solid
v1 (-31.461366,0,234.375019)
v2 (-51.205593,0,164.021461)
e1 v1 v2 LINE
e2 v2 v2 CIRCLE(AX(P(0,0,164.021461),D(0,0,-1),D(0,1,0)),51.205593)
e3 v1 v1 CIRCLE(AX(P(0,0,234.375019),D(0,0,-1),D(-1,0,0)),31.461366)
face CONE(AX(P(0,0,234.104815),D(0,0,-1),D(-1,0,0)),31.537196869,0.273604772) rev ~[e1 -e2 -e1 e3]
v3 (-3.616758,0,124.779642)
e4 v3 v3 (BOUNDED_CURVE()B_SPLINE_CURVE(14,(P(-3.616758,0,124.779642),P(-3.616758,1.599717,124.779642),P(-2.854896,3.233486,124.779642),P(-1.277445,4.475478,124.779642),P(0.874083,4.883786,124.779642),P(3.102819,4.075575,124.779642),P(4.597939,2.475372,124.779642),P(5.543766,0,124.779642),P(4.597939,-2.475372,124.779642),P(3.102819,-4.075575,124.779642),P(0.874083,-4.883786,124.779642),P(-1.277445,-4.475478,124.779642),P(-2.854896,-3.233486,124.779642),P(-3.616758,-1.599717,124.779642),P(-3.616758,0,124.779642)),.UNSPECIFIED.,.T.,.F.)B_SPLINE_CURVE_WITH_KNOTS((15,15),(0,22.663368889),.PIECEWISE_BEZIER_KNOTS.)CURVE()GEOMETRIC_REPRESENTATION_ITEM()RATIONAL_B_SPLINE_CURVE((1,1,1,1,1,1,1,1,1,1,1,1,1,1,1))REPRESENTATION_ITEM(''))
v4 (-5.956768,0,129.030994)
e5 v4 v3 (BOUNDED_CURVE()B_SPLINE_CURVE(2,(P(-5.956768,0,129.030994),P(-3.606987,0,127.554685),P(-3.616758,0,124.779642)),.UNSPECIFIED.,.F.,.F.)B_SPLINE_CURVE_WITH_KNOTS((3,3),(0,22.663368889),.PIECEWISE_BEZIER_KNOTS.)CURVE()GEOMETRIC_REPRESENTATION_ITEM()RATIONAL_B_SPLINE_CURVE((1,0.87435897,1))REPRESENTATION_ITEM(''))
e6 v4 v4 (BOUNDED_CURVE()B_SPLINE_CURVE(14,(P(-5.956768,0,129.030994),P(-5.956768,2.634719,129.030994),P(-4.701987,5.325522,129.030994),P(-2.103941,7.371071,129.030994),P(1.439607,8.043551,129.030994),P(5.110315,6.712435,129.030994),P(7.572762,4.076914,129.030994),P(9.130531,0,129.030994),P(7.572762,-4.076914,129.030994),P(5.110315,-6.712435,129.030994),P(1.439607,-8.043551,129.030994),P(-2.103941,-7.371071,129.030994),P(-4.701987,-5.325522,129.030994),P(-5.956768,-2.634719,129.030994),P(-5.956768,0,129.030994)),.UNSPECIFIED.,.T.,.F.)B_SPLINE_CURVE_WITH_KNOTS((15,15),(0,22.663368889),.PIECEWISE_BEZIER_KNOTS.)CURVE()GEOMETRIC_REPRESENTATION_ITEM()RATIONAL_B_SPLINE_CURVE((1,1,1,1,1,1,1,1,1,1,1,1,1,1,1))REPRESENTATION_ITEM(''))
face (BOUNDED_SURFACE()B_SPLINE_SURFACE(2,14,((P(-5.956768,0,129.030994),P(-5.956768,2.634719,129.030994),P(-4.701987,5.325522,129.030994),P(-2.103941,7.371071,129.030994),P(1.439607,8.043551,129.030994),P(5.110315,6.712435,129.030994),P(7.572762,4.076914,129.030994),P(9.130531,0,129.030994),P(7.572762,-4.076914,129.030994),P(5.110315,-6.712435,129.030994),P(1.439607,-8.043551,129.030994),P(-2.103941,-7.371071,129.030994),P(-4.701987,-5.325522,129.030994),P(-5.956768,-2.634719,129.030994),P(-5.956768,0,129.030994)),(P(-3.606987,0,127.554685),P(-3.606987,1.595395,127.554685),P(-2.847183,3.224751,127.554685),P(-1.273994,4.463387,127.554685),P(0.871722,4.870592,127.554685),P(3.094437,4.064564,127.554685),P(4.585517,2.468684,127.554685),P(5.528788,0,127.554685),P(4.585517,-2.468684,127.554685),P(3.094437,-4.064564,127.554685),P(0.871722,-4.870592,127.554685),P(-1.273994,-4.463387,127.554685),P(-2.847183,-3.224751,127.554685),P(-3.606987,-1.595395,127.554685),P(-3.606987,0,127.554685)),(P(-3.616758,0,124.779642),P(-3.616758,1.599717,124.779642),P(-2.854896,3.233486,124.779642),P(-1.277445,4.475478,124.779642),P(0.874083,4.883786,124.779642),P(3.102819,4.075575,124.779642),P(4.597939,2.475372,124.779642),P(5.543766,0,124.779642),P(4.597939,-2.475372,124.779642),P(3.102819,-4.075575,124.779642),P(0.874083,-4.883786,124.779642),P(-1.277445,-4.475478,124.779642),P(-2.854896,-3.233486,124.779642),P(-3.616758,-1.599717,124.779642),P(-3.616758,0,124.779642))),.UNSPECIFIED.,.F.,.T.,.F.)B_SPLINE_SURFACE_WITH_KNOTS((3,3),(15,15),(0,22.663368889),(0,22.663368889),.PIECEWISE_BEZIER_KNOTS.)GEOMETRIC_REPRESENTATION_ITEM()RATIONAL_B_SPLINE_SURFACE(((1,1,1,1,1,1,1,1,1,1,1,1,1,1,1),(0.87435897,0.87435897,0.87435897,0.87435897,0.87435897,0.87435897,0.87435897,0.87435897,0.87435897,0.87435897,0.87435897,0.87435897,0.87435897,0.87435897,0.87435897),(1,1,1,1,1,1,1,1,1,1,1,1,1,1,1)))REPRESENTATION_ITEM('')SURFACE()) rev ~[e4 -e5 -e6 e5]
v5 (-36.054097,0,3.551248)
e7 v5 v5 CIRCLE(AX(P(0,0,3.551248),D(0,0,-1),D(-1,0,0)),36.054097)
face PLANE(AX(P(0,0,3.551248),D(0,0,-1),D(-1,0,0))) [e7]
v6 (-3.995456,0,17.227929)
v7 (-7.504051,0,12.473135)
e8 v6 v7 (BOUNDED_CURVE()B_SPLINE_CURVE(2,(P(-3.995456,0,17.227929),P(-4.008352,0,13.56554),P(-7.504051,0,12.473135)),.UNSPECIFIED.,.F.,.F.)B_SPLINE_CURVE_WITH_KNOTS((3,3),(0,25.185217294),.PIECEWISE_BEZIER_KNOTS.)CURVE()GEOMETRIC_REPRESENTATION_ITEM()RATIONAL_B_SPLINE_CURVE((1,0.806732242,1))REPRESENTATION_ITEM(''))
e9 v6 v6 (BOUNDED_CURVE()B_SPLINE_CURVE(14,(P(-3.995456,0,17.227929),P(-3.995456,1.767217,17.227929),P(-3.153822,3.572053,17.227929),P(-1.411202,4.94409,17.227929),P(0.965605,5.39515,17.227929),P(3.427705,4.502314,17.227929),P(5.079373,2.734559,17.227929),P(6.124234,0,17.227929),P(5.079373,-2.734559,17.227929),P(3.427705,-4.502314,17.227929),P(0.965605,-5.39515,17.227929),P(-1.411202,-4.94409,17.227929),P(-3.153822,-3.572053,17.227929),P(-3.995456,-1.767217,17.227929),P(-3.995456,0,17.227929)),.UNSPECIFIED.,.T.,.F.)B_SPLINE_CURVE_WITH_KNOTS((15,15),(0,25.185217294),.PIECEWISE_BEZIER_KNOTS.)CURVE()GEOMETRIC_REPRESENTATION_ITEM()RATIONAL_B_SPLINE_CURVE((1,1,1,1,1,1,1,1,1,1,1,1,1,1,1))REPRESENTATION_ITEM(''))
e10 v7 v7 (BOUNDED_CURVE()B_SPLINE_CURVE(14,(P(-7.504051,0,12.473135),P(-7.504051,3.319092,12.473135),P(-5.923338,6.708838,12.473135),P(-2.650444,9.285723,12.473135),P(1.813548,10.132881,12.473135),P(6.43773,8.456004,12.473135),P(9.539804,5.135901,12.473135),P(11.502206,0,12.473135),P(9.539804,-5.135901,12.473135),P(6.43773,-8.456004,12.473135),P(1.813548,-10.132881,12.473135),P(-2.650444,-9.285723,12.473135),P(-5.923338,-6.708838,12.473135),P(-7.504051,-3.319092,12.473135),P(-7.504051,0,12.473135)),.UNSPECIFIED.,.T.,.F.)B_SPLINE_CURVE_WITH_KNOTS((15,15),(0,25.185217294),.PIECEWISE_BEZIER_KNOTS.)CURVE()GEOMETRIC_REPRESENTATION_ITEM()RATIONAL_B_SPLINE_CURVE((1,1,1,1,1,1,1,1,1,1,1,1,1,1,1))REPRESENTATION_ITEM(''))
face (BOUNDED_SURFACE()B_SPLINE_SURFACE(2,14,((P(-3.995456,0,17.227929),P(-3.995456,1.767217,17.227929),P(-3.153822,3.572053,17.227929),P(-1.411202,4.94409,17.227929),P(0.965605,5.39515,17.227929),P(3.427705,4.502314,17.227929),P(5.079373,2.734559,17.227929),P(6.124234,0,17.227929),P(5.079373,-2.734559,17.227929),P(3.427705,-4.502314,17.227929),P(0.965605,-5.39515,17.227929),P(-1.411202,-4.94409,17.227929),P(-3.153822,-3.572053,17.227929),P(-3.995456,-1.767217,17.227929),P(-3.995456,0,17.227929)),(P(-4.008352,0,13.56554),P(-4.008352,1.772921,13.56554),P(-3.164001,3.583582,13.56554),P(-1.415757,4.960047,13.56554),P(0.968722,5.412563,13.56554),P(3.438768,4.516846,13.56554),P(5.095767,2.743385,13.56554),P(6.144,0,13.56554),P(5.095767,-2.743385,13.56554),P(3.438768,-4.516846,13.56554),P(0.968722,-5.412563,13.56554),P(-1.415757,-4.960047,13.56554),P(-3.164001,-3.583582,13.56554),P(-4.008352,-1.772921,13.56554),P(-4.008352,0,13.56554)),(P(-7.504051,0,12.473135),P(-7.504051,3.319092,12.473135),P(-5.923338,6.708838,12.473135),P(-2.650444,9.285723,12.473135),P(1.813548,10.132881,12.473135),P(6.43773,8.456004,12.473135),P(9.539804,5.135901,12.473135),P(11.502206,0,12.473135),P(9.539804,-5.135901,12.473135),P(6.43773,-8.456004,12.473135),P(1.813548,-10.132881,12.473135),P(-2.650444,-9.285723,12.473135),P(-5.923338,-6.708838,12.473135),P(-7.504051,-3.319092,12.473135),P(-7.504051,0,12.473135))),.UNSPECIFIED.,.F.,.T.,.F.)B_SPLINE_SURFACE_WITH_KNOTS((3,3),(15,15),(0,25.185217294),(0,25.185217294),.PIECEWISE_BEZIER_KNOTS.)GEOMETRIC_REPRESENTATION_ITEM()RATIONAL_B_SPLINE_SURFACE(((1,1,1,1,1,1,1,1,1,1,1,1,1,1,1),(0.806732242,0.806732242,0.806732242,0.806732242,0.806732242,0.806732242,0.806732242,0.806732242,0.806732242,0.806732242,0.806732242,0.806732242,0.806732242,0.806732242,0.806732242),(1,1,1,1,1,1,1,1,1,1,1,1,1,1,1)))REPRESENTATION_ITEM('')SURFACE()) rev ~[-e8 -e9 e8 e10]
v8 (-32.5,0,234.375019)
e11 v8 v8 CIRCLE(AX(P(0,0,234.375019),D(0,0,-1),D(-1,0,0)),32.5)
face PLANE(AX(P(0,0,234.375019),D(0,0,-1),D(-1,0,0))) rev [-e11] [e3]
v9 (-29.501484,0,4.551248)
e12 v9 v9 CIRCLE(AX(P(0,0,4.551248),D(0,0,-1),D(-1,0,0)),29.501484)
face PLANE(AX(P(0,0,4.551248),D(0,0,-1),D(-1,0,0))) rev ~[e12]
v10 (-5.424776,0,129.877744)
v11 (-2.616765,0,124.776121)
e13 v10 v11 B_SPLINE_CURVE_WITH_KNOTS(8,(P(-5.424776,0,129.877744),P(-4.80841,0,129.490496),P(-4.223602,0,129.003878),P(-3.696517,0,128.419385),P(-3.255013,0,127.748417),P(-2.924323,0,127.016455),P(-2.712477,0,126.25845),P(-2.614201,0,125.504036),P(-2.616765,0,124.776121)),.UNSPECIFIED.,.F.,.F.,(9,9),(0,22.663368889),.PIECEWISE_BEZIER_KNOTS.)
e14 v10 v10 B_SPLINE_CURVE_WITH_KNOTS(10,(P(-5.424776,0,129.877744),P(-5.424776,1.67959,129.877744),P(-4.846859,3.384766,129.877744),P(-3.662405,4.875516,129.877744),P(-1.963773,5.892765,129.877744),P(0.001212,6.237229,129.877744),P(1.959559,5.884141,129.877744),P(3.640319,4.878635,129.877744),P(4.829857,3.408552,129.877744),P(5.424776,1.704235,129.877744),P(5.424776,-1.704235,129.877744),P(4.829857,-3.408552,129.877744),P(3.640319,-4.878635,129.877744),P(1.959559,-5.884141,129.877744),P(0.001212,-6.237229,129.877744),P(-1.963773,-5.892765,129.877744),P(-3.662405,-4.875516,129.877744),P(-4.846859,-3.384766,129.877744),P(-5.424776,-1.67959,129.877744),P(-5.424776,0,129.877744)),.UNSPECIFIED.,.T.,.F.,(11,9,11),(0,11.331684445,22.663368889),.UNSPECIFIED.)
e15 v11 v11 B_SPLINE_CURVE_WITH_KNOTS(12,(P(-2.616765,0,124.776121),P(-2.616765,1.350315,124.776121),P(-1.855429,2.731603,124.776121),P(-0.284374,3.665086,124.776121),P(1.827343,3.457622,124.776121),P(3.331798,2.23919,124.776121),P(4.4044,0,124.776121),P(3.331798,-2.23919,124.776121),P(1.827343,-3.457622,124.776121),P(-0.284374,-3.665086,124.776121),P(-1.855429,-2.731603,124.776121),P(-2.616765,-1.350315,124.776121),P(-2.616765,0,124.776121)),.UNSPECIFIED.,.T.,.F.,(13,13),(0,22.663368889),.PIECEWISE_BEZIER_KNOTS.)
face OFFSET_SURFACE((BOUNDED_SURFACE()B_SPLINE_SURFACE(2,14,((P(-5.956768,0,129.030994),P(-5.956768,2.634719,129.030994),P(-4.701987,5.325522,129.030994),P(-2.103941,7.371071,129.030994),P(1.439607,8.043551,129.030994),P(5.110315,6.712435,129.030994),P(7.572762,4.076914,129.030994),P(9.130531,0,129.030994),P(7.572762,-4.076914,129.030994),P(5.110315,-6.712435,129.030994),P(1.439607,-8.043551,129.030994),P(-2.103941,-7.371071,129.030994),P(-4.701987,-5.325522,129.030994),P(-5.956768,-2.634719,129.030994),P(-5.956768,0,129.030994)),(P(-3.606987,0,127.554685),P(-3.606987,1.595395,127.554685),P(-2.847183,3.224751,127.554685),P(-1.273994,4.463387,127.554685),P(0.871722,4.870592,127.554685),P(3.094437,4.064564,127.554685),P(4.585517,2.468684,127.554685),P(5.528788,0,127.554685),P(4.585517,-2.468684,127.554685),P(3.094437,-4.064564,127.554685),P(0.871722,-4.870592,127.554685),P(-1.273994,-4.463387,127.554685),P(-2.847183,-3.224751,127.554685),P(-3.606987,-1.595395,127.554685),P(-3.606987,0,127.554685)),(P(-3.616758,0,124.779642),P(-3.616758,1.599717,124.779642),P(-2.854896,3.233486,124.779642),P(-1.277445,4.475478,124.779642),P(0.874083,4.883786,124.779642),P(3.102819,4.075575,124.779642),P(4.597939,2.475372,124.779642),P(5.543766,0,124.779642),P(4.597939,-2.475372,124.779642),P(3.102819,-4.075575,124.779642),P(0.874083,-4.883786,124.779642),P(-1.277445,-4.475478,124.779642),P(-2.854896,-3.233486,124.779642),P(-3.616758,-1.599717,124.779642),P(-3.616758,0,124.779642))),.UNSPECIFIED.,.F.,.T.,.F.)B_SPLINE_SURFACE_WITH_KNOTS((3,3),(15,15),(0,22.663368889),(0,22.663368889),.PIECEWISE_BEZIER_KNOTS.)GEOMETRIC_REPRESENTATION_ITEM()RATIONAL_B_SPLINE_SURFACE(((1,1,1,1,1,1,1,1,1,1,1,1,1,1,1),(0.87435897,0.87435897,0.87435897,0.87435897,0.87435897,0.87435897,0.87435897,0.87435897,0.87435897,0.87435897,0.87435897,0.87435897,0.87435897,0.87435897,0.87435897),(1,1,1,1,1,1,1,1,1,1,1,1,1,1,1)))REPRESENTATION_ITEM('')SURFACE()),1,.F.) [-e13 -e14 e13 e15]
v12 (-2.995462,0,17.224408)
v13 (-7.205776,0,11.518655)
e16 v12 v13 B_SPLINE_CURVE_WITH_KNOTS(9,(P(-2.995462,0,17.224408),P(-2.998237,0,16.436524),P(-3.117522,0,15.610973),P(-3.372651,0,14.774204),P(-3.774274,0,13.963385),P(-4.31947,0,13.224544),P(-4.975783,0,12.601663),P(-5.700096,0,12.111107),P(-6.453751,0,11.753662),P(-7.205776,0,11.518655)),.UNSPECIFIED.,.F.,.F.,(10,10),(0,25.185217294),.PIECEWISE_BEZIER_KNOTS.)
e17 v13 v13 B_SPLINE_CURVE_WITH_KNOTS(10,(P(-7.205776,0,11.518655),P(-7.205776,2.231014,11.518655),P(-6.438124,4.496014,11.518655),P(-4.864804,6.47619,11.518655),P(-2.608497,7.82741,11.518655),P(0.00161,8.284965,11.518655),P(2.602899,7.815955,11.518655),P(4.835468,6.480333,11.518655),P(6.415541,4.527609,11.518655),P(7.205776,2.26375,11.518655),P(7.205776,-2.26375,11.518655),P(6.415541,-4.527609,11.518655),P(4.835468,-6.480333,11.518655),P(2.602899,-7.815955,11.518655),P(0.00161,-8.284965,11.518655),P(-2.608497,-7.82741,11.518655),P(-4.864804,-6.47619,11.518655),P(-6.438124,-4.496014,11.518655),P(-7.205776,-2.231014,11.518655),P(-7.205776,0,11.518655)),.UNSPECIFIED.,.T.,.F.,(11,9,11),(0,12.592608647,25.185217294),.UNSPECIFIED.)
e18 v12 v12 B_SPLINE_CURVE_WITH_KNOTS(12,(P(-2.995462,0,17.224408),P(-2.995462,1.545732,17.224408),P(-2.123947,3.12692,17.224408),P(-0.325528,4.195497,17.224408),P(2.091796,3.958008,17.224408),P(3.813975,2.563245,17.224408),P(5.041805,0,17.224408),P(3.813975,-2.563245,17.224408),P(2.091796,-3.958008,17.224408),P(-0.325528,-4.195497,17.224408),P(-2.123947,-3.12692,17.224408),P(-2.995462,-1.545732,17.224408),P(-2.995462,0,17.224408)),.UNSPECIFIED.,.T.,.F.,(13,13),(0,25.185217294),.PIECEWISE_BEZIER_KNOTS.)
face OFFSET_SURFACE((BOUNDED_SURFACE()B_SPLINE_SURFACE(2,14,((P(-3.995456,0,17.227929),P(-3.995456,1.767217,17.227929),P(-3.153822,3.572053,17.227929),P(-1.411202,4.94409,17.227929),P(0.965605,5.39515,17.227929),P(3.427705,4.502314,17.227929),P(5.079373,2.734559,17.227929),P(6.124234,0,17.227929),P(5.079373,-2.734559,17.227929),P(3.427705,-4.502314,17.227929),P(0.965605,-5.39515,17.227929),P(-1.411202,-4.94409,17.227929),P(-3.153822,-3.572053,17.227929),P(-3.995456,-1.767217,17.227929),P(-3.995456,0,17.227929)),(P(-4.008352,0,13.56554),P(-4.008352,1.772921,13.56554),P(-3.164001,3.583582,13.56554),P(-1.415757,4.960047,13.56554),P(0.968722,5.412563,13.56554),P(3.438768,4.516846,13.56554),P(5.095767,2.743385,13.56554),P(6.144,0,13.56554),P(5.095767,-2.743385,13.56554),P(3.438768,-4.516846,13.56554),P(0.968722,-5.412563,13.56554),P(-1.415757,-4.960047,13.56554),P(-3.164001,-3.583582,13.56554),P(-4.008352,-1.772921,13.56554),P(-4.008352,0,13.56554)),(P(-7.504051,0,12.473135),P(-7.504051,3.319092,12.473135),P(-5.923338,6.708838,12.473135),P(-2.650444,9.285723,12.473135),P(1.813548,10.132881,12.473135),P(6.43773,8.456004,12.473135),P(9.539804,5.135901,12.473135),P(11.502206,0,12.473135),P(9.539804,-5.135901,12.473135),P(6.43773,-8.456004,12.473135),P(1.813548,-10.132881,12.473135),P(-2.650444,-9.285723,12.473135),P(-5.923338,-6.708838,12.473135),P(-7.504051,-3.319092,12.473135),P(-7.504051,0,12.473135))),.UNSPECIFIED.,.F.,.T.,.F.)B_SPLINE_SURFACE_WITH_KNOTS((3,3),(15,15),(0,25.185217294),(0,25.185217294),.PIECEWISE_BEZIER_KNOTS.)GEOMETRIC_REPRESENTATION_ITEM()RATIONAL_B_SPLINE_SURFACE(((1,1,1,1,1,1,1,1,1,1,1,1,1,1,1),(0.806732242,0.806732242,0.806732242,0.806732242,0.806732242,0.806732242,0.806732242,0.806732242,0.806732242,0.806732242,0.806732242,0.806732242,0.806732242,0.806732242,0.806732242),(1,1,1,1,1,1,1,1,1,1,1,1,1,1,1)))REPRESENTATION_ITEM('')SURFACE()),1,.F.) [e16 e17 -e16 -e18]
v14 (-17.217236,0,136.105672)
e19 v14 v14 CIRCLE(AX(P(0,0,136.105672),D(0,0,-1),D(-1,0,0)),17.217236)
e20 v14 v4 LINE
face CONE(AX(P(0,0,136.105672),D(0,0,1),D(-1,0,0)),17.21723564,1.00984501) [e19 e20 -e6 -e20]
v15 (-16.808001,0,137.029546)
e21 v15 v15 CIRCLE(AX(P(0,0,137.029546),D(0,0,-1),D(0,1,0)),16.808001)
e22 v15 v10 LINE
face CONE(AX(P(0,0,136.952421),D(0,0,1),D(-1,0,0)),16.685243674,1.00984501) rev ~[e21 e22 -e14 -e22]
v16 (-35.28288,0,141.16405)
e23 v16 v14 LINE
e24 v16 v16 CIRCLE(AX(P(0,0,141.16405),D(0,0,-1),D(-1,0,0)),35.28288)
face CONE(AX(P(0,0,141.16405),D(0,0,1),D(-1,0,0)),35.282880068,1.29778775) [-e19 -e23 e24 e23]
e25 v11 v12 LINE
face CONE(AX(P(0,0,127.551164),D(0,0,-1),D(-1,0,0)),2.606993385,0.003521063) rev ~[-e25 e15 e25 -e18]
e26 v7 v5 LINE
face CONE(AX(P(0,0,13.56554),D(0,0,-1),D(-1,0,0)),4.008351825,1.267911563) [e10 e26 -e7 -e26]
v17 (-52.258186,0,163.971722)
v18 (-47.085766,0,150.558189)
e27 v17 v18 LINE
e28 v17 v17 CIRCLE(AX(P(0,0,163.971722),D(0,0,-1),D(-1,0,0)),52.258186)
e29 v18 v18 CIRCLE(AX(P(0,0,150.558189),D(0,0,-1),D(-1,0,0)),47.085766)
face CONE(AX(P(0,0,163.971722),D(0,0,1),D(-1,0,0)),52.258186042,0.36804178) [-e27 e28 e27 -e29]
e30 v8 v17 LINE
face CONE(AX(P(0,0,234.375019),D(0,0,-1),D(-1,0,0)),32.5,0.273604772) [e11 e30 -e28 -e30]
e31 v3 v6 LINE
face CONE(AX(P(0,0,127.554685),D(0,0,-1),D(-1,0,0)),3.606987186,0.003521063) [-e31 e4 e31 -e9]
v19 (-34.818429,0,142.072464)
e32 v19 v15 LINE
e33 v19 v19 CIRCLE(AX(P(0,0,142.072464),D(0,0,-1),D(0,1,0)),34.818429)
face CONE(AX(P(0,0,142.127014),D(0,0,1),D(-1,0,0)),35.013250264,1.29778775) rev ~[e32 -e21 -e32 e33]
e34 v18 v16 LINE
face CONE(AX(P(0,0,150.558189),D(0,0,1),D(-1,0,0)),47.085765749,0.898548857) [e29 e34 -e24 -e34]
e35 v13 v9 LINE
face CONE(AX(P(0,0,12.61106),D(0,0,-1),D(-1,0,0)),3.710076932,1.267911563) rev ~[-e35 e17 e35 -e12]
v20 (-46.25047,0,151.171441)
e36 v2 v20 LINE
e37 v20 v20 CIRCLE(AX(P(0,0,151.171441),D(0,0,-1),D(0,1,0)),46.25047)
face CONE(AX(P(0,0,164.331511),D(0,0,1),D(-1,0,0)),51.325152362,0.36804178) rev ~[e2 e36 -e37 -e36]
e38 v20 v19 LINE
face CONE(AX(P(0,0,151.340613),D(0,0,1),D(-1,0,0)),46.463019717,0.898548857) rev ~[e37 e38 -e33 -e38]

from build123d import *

# Parameters (mm, degrees)
F2_R = 5
F3_T = -1


with BuildPart() as f1:
    # F0 (on Front) → F1 (revolve)
    with BuildSketch(Plane.XZ):
        Polygon((0, 234.375019135), (-32.5, 234.375019135), (-52.2581860423, 163.971722126), (-47.0857657492, 150.5581885576), (-35.2828800678, 141.1640495062), (-17.2172356397, 136.105671525), (-3.6069871858, 127.5546848774), (-4.0083518252, 13.5655401951), (-36.054097116, 3.551248461), (0, 3.551248461), align=None)
    revolve(axis=Axis((0, 0, 118.963133798), (0, 0, -1)))

    # F2
    f2_edges = [f1.edges().sort_by_distance(p)[0] for p in [
        (4.008352, 0, 13.56554),
        (3.606987, 0, 127.554685),
    ]]
    fillet(f2_edges, radius=F2_R)

    # F3
    f3_openings = [f1.faces().sort_by_distance(p)[0] for p in [
        (0, 0, 234.375019),
    ]]
    offset(amount=F3_T, openings=f3_openings, kind=Kind.INTERSECTION)


solid = f1.part
